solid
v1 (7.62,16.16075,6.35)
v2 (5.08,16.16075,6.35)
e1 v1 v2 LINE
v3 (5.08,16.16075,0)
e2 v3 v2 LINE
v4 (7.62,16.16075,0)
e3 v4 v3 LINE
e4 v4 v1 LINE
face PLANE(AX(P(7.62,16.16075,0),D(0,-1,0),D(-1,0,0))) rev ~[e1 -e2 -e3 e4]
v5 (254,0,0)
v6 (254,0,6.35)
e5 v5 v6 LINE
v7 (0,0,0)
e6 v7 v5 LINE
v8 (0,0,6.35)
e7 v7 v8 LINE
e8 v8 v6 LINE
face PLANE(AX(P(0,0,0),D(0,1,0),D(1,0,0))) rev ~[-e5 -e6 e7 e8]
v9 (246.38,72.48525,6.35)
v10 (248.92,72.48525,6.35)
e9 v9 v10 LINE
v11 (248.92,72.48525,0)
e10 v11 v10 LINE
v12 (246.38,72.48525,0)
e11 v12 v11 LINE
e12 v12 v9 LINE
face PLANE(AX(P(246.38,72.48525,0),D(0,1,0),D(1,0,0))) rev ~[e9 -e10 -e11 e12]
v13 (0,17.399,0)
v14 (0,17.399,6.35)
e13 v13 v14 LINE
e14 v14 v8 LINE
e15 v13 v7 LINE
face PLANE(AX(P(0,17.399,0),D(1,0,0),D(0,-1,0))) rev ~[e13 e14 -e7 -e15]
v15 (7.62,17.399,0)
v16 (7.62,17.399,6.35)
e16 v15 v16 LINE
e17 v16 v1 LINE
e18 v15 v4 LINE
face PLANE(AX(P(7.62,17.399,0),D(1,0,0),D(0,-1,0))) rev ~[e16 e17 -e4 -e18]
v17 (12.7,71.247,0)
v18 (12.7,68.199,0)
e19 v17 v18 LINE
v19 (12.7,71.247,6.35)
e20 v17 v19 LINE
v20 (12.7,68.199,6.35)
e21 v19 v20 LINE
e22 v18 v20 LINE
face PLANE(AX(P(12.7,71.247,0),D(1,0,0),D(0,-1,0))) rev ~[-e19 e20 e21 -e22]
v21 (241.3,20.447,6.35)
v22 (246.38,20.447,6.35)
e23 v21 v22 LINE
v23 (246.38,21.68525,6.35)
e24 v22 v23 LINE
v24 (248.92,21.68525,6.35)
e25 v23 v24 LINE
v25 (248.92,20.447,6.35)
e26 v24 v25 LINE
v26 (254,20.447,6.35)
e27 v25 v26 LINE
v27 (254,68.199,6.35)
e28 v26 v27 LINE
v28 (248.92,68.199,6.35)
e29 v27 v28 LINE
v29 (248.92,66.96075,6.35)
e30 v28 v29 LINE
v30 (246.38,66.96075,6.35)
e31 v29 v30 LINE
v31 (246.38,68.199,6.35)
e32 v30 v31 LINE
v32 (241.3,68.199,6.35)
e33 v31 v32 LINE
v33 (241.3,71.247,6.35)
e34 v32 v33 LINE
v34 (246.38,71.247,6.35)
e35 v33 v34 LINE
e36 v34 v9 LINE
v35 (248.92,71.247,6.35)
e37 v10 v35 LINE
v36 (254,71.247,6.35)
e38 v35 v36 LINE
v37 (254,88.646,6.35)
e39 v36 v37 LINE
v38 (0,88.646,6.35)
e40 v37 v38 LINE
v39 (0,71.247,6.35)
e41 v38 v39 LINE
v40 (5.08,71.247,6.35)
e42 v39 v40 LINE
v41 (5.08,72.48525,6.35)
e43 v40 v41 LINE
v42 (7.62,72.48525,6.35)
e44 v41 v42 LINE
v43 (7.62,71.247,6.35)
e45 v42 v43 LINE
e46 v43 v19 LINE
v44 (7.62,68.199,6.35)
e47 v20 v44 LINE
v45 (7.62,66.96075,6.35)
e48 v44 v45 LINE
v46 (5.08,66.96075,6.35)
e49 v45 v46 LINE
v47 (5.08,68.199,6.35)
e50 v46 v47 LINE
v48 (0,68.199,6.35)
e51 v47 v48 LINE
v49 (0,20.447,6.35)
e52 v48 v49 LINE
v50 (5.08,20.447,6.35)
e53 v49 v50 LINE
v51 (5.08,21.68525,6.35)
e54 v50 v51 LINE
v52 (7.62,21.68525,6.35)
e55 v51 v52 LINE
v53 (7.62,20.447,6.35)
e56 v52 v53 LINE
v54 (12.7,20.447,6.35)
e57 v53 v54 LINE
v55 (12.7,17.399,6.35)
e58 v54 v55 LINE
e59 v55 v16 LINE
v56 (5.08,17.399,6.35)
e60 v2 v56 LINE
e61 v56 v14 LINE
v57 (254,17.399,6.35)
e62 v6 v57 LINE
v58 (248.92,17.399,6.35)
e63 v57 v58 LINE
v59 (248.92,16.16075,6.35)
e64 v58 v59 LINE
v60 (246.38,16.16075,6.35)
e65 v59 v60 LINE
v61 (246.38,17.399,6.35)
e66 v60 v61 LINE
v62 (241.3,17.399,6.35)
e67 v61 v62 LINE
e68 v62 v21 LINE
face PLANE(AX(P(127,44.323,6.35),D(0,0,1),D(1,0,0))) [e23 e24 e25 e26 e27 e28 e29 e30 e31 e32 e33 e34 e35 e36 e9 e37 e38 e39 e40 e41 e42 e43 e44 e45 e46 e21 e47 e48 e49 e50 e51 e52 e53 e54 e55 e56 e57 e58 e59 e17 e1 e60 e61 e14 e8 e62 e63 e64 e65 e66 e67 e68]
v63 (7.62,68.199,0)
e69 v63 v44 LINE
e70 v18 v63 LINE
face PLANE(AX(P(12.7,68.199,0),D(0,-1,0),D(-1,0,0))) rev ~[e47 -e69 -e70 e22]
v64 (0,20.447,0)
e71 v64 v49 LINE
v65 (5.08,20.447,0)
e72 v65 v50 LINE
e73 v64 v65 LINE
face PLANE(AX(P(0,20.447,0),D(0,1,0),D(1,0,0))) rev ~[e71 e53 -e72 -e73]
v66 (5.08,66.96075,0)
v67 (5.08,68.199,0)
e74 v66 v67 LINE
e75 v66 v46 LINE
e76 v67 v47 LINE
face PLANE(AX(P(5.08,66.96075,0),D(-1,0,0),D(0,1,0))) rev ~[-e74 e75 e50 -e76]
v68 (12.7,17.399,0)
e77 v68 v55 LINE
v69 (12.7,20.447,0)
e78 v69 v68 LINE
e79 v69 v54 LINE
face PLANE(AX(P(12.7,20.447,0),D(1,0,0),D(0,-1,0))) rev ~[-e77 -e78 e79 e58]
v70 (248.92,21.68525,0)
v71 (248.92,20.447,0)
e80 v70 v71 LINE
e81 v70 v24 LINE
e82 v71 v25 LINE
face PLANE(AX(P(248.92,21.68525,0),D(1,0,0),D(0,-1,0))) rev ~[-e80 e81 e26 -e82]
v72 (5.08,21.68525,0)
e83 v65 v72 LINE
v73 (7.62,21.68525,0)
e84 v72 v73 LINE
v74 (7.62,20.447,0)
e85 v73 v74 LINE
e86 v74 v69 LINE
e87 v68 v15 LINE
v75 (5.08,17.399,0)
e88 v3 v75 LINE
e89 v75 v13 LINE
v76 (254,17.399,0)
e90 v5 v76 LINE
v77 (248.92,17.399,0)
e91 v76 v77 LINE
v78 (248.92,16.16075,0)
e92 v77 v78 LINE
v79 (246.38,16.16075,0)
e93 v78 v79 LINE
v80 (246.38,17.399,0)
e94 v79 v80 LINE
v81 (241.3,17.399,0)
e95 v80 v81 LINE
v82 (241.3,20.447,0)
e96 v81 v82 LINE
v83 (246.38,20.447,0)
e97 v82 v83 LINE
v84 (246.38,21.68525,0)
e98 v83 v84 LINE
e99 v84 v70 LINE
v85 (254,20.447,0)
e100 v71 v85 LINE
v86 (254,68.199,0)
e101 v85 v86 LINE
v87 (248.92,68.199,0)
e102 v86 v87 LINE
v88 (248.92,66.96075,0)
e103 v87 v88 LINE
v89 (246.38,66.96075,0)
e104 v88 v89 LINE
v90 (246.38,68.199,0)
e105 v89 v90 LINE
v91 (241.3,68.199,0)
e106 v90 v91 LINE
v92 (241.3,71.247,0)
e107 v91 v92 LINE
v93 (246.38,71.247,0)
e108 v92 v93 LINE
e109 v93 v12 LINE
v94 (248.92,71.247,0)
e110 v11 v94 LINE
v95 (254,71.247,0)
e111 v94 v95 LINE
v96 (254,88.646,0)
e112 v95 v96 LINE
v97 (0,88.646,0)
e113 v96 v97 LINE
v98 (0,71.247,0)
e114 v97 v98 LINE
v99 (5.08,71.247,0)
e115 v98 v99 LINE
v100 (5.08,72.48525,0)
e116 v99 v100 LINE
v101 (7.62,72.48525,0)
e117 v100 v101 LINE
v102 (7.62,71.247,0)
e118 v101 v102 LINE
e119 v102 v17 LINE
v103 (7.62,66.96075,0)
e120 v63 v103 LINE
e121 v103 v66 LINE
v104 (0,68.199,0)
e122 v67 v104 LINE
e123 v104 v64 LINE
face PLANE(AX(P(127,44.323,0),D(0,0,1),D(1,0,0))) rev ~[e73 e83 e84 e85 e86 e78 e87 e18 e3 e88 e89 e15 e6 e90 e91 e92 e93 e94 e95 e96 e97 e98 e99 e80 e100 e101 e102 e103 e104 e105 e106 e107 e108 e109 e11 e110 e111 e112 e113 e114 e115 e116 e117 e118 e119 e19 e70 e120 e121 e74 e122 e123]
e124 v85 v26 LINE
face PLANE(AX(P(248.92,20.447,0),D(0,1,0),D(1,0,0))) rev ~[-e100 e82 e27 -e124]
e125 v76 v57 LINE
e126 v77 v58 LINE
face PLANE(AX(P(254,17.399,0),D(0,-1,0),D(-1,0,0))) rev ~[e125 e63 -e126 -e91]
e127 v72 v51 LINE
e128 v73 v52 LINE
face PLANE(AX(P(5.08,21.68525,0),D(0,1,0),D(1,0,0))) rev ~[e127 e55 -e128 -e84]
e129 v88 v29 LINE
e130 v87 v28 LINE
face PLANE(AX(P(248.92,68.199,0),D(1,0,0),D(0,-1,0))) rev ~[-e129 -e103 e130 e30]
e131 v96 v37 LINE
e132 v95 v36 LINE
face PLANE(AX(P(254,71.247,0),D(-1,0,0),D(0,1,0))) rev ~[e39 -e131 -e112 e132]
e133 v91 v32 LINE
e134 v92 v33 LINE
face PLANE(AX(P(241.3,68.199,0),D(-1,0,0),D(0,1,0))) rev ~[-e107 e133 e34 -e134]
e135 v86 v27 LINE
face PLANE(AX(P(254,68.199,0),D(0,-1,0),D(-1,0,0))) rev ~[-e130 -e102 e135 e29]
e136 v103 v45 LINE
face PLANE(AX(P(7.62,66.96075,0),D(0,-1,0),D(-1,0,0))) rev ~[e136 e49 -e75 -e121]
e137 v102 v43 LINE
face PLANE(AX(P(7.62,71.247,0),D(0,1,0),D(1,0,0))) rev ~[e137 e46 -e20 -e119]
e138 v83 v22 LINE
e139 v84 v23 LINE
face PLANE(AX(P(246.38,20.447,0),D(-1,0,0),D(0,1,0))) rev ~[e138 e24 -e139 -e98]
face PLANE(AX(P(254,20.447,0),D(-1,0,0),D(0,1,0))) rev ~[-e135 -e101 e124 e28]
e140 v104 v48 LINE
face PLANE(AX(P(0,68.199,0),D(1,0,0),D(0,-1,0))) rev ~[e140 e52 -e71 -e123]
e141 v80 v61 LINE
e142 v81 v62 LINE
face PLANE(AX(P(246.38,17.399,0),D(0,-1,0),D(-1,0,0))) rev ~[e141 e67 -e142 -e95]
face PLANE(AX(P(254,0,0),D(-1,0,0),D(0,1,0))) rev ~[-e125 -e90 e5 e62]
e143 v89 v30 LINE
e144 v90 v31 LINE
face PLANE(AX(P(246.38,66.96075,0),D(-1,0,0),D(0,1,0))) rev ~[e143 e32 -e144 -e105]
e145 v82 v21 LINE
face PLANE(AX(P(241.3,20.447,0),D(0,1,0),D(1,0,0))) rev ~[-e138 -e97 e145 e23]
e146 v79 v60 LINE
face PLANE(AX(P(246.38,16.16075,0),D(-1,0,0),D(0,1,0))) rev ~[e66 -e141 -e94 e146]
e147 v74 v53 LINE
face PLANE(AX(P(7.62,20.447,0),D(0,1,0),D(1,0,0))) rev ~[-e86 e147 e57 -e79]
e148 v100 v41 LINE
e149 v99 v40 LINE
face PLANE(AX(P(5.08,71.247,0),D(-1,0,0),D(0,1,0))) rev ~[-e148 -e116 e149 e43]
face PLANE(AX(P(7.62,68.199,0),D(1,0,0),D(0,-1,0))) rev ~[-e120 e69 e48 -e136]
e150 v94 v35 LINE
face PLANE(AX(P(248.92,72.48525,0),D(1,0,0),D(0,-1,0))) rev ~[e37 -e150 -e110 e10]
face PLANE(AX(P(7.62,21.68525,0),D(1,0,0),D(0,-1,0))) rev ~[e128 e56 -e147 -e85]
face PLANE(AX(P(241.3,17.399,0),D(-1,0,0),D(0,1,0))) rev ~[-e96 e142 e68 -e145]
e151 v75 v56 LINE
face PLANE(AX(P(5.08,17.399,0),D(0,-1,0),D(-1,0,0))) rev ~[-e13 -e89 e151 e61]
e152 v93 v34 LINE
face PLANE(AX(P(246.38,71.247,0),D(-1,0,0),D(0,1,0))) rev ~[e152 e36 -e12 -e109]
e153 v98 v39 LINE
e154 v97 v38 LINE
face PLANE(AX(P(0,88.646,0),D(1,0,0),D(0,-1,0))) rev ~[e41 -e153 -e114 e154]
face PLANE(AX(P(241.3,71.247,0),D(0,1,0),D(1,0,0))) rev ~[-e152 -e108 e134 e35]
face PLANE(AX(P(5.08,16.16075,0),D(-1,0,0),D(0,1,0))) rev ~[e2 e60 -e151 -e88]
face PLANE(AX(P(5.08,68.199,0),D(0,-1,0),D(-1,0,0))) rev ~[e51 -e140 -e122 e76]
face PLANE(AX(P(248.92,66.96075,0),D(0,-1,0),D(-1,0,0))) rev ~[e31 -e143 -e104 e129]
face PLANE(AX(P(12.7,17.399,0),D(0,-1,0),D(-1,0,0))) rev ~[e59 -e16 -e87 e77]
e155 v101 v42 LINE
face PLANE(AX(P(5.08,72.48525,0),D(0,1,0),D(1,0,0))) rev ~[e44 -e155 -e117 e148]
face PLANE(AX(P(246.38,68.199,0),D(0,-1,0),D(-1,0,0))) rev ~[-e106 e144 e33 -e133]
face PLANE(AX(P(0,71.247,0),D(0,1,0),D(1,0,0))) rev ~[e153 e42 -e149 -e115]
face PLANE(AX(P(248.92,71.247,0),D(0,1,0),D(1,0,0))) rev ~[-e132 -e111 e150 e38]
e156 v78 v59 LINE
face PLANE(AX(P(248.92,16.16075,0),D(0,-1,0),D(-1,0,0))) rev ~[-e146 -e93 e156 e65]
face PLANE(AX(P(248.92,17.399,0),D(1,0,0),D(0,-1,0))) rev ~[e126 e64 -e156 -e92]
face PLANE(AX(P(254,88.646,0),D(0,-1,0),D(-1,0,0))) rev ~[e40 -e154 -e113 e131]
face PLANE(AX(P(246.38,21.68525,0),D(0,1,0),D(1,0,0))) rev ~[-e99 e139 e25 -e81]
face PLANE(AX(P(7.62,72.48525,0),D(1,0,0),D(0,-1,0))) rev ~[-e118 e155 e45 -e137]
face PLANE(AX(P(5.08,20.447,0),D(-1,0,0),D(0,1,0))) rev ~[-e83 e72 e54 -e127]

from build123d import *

# Parameters (mm, degrees)
BOSS_EXTRUDE1_DEPTH = 6.35


with BuildPart() as part:
    # Sketch1 → Boss-Extrude1 (new body)
    with BuildSketch(Plane.XY):
        Polygon((0, 17.399), (0, 0), (254, 0), (254, 17.399), (248.92, 17.399), (248.92, 16.16075), (246.38, 16.16075), (246.38, 17.399), (241.3, 17.399), (241.3, 20.447), (246.38, 20.447), (246.38, 21.68525), (248.92, 21.68525), (248.92, 20.447), (254, 20.447), (254, 68.199), (248.92, 68.199), (248.92, 66.96075), (246.38, 66.96075), (246.38, 68.199), (241.3, 68.199), (241.3, 71.247), (246.38, 71.247), (246.38, 72.48525), (248.92, 72.48525), (248.92, 71.247), (254, 71.247), (254, 88.646), (0, 88.646), (0, 71.247), (5.08, 71.247), (5.08, 72.48525), (7.62, 72.48525), (7.62, 71.247), (12.7, 71.247), (12.7, 68.199), (7.62, 68.199), (7.62, 66.96075), (5.08, 66.96075), (5.08, 68.199), (0, 68.199), (0, 20.447), (5.08, 20.447), (5.08, 21.68525), (7.62, 21.68525), (7.62, 20.447), (12.7, 20.447), (12.7, 17.399), (7.62, 17.399), (7.62, 16.16075), (5.08, 16.16075), (5.08, 17.399), align=None)
    extrude(amount=BOSS_EXTRUDE1_DEPTH)


solid = part.part
